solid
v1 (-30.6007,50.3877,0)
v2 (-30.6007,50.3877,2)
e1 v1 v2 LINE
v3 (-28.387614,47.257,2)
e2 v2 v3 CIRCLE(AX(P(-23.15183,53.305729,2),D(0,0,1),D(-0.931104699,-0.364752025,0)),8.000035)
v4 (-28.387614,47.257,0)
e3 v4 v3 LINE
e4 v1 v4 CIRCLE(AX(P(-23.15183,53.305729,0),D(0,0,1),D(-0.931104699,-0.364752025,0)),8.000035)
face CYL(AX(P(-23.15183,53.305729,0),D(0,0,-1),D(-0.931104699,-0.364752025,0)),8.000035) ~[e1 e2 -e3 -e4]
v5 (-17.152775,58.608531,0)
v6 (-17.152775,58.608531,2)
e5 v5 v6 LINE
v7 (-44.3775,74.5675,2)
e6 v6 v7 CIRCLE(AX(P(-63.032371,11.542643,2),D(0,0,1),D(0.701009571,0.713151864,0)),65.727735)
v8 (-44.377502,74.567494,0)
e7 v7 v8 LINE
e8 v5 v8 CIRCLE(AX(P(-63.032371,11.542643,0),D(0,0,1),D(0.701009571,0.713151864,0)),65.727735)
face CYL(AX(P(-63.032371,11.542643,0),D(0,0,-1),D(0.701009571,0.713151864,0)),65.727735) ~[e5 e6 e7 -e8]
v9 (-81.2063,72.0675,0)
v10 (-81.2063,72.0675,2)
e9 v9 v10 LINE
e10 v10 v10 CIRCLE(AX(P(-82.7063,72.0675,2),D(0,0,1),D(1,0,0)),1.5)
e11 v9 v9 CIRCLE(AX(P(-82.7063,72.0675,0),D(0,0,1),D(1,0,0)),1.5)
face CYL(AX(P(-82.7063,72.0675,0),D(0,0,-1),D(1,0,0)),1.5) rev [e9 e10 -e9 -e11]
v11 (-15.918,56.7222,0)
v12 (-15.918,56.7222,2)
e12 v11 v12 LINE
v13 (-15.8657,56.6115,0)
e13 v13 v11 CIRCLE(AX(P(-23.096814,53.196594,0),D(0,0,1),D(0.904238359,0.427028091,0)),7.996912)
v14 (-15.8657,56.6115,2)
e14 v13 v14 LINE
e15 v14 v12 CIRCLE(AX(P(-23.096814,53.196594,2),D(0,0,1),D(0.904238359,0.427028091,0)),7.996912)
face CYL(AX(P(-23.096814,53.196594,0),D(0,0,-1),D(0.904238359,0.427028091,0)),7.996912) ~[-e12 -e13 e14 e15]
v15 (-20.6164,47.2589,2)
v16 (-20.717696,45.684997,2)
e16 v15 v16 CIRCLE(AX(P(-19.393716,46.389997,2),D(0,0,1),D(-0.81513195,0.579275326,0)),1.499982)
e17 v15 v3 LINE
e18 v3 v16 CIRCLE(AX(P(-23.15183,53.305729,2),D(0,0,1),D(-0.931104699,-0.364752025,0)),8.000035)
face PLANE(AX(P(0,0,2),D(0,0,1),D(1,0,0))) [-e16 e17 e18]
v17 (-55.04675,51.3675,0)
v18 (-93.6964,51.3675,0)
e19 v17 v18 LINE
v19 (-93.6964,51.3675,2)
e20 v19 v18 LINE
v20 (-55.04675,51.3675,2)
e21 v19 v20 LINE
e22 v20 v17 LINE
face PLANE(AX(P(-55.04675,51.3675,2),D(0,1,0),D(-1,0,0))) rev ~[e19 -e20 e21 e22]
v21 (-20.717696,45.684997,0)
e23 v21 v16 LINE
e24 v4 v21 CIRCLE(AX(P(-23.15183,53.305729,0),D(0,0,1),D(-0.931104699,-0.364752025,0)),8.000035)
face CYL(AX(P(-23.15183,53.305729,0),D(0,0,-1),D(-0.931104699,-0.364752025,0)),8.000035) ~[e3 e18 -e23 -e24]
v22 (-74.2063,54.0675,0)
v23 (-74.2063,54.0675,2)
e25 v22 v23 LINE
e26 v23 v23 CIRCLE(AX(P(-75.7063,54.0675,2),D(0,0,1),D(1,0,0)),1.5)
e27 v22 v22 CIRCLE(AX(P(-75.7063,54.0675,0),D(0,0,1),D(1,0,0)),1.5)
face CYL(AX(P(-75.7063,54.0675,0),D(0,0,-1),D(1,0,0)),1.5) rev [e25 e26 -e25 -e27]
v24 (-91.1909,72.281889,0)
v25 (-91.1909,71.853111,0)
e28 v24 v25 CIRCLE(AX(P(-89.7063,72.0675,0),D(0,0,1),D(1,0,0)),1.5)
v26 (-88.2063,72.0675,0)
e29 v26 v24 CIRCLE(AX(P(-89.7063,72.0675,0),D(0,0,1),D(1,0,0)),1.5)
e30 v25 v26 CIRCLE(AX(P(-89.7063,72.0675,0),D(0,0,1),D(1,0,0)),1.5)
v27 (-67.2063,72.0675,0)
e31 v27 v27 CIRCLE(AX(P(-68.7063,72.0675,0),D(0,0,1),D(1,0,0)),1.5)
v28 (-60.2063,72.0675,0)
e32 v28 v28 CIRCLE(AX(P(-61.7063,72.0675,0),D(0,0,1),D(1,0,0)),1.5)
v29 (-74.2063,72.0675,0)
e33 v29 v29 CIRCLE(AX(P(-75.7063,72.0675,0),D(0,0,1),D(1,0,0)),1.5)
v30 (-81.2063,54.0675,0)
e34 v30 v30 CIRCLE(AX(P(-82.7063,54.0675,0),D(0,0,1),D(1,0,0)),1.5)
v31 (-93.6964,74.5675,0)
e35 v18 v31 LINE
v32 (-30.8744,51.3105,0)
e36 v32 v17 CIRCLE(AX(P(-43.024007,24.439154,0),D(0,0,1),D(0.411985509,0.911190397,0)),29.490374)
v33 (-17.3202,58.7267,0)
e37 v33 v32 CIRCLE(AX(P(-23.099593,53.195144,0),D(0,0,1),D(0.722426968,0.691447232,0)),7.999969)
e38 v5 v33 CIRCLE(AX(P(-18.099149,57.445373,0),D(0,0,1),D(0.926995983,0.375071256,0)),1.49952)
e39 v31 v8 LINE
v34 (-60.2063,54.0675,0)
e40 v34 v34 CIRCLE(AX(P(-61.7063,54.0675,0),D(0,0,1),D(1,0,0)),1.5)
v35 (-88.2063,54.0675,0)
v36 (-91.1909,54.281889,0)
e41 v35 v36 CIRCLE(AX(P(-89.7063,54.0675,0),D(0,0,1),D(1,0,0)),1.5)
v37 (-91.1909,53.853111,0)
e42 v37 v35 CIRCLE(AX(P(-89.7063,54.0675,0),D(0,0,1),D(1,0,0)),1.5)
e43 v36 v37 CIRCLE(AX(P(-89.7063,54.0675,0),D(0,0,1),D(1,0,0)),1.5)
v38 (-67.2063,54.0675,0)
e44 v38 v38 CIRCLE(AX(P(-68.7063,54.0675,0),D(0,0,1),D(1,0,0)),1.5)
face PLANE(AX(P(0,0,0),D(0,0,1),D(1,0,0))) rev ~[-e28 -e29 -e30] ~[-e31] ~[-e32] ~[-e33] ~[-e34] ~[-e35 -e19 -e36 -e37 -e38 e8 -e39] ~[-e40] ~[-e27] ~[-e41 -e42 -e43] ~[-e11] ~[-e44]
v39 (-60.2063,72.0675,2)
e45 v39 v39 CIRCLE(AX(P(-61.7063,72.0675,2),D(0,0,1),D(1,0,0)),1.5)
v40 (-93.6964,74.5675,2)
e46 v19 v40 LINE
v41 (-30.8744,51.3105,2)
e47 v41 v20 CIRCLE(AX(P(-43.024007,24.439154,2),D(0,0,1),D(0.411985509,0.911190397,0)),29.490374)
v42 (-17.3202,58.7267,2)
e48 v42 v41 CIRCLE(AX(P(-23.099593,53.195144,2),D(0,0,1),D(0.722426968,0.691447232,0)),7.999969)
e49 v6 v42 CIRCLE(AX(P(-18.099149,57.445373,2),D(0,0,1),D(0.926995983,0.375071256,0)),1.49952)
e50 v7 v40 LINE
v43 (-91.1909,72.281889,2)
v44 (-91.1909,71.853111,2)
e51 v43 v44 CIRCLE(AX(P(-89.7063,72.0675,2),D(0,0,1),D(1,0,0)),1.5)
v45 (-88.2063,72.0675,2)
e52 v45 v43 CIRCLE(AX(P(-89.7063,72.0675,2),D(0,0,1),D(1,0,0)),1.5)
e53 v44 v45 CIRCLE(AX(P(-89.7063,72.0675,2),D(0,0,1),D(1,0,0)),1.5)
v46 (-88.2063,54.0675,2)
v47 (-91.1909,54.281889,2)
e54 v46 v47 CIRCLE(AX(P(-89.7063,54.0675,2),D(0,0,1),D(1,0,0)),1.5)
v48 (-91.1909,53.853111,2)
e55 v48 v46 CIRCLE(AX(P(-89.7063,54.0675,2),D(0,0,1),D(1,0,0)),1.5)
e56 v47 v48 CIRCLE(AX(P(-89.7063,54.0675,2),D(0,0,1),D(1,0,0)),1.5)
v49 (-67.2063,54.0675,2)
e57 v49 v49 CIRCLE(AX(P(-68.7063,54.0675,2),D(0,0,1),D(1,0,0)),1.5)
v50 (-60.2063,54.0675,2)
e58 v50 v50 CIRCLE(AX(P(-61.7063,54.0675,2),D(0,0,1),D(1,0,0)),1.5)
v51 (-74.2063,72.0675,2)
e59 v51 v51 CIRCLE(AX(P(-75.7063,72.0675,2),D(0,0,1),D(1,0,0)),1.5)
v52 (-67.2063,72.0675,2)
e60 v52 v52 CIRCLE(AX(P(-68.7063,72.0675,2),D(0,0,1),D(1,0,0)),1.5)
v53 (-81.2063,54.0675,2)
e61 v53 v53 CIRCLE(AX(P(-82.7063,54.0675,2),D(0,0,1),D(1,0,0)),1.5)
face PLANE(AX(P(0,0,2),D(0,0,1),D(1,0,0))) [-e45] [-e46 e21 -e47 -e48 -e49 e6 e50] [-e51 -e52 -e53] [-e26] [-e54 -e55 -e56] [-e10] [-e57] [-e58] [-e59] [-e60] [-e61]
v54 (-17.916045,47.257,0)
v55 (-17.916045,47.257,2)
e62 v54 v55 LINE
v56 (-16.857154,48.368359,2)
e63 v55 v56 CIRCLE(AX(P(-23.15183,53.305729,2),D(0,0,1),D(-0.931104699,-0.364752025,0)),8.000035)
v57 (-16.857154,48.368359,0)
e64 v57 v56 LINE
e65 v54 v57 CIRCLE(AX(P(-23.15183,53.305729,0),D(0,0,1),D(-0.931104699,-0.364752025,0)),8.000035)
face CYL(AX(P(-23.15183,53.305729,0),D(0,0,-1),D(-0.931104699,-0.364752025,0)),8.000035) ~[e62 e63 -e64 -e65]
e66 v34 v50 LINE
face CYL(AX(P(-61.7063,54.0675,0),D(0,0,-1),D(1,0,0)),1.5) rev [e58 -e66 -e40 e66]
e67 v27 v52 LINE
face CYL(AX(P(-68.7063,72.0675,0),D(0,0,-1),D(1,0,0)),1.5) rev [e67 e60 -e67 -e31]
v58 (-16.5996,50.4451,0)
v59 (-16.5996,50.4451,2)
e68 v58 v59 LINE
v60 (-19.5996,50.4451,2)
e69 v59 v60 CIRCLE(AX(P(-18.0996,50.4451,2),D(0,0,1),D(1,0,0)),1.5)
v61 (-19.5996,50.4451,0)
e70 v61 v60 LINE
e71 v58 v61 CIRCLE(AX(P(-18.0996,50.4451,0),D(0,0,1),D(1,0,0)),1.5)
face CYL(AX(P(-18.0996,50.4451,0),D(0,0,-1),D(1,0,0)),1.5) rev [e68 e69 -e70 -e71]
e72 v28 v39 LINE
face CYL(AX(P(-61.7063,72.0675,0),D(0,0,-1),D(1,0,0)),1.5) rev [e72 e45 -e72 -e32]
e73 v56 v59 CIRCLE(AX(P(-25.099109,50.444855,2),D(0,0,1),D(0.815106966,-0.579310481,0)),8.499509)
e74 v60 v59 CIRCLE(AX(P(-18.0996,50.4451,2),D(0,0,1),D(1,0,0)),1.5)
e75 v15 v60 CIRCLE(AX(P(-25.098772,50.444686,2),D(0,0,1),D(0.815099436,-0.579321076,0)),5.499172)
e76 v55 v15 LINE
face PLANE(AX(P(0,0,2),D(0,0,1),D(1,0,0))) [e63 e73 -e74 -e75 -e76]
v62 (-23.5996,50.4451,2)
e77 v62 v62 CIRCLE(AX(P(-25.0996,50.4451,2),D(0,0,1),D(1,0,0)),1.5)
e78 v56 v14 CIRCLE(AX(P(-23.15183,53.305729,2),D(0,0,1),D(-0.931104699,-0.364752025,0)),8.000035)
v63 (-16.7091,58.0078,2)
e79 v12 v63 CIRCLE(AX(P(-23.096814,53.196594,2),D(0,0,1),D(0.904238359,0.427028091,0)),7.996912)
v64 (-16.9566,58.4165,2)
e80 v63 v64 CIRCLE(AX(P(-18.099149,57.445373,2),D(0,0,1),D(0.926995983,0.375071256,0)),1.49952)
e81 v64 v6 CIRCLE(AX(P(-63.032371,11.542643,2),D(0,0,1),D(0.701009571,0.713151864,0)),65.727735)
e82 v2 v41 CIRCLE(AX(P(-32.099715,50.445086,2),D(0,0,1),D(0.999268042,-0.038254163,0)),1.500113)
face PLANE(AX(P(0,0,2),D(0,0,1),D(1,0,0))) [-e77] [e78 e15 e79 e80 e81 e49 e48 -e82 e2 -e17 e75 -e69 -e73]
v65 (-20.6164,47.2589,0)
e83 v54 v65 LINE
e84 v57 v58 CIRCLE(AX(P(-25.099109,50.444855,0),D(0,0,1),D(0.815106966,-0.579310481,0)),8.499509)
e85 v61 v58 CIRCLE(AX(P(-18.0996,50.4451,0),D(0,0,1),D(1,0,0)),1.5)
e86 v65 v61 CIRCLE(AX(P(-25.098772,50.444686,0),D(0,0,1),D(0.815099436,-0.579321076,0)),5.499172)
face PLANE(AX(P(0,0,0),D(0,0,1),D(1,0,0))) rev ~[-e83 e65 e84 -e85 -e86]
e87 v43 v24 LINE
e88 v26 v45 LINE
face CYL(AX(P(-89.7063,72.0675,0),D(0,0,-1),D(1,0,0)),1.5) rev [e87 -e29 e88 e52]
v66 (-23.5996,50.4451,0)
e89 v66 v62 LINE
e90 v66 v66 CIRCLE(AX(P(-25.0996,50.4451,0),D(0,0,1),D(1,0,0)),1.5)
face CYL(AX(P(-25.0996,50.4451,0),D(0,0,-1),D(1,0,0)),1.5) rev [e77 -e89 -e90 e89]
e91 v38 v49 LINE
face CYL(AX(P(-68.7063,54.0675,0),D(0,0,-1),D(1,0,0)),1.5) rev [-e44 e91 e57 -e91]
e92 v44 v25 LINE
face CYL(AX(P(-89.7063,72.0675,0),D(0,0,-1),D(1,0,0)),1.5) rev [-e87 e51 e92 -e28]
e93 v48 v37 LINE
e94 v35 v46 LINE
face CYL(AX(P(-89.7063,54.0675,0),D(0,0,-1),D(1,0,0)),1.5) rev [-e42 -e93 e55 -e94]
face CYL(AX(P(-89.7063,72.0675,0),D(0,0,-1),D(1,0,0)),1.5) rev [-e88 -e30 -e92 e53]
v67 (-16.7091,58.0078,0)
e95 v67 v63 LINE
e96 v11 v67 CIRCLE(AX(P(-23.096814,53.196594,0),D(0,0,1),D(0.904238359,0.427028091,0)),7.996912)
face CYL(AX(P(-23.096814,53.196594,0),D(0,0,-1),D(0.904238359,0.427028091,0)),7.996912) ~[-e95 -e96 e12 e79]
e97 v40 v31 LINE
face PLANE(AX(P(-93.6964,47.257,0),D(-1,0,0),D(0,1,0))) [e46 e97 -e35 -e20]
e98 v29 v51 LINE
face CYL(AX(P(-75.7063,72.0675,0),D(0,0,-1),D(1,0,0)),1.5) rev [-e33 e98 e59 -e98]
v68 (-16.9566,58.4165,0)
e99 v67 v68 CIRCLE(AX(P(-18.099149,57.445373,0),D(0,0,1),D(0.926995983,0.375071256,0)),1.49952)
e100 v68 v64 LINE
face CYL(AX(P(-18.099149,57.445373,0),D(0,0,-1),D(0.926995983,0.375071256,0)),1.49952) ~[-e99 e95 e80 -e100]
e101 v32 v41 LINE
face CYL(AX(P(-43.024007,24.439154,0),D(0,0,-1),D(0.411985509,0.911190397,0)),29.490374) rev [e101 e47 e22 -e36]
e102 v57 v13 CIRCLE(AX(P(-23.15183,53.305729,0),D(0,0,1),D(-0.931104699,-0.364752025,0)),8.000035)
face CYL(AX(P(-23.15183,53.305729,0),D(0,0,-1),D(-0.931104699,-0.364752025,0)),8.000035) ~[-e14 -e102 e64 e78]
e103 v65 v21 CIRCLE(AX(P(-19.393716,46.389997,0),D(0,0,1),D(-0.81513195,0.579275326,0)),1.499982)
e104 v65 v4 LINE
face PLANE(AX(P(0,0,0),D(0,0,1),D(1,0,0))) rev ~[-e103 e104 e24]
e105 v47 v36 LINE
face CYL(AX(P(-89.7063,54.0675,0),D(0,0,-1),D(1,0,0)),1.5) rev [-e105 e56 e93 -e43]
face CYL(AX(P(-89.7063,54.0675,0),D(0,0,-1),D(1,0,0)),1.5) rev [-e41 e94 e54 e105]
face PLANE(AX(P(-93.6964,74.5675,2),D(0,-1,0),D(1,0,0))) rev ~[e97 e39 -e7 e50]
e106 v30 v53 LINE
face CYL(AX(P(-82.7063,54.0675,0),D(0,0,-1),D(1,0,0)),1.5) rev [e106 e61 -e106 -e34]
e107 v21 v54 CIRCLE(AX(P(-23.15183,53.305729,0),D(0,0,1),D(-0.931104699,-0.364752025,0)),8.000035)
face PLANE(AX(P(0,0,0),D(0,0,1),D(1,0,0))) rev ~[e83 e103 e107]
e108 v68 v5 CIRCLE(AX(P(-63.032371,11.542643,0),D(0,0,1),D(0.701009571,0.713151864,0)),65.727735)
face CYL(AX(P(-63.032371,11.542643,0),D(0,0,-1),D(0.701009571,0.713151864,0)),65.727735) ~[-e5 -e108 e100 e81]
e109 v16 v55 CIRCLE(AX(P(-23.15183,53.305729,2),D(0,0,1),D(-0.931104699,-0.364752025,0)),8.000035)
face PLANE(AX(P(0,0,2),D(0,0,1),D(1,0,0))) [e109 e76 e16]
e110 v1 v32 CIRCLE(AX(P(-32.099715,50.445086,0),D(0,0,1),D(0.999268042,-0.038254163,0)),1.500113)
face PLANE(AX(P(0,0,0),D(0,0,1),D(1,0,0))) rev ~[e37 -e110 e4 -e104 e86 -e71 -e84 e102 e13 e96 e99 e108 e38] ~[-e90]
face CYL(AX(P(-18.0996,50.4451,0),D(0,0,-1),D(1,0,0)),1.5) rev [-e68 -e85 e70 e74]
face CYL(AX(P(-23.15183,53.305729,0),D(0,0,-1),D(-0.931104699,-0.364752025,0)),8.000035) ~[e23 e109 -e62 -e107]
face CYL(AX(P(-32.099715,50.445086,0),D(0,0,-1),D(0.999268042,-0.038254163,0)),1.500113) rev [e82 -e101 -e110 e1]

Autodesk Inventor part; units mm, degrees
ref_plane "YZ Plane" through (0, 0, 0) normal (1, 0, 0) x (0, 1, 0)
ref_plane "XZ Plane" through (0, 0, 0) normal (0, 1, 0) x (-1, 0, 0)
ref_plane "XY Plane" through (0, 0, 0) normal (0, 0, 1) x (1, 0, 0)
ref_plane "РабПлоскость1" through (0, 0, 0) normal (0, 0, 1) x (1, 0, 0)
sketch "Эскиз1" plane through (0, 0, 0) normal (0, 0, 1) x (1, 0, 0)
  line L0 (-3.6964, 47.257) -> (-93.6964, 47.257)
  line L1 (-93.6964, 47.257) -> (-93.6964, 77.257)
  line L2 (-93.6964, 77.257) -> (-3.6964, 77.257)
  line L3 (-3.6964, 77.257) -> (-3.6964, 47.257)
  circle A0 centre (-25.0996, 50.4451) radius 1.5 projected
  circle A1 centre (-61.7063, 54.0675) radius 1.5
  circle A2 centre (-68.7063, 54.0675) radius 1.5
  circle A3 centre (-75.7063, 54.0675) radius 1.5
  circle A4 centre (-82.7063, 54.0675) radius 1.5
  circle A5 centre (-89.7063, 54.0675) radius 1.5
  circle A6 centre (-61.7063, 72.0675) radius 1.5
  circle A7 centre (-68.7063, 72.0675) radius 1.5
  circle A8 centre (-75.7063, 72.0675) radius 1.5
  circle A9 centre (-82.7063, 72.0675) radius 1.5
  circle A10 centre (-89.7063, 72.0675) radius 1.5
  circle A11 centre (-5.0903, 22.9004) radius 1.5 projected
  circle A12 centre (-13.6314, 40.9849) radius 1.5 projected
  circle A13 centre (-0.8198, 13.8581) radius 1.5 projected
  circle A14 centre (3.4507, 4.8159) radius 1.5 projected
  circle A15 centre (11.9918, -13.2686) radius 1.5 projected
  circle A16 centre (-9.3609, 31.9427) radius 1.5 projected
  circle A17 centre (16.2623, -22.3109) radius 1.5 projected
  circle A18 centre (-9.4594, 1.6491) radius 1.5 projected
  circle A19 centre (-3.3563, -17.3969) radius 1.5 projected
  circle A20 centre (-18.6141, 30.2182) radius 1.5 projected
  circle A21 centre (-12.511, 11.1722) radius 1.5 projected
  circle A22 centre (-15.5626, 20.6952) radius 1.5 projected
  circle A23 centre (-21.6657, 39.7412) radius 1.5 projected
  circle A24 centre (-6.4079, -7.8739) radius 1.5 projected
  circle A25 centre (-0.3048, -26.9199) radius 1.5 projected
  arc A26 (1.815, -50.7724) -> (29.663, -39.7893) centre (16.0996, -46.1951) ccw projected
  line L4 (29.663, -39.7893) -> (-15.8657, 56.6115) projected
  arc A27 (-15.8657, 56.6115) -> (-16.7091, 58.0078) centre (-23.0996, 53.1951) ccw projected
  arc A28 (-16.7091, 58.0078) -> (-17.3202, 58.7267) centre (-18.0996, 57.4451) ccw projected
  arc A29 (-17.3202, 58.7267) -> (-30.8744, 51.3105) centre (-23.0996, 53.1951) ccw projected
  arc A30 (-30.6007, 50.3877) -> (-30.8744, 51.3105) centre (-32.0996, 50.4451) ccw projected
  line L5 (-30.6007, 50.3877) -> (1.815, -50.7724) projected
  circle A31 centre (25.6634, -44.4774) radius 1.5 projected
  circle A32 centre (5.6634, -44.4774) radius 1.5 projected
  circle A33 centre (-25.0996, 50.4451) radius 1.5 projected
  arc A34 (-16.9566, 58.4165) -> (-61.7063, 77.257) centre (-63.0326, 11.5423) ccw
  arc A35 (-30.8744, 51.3105) -> (-61.7063, 47.257) centre (-43.024, 24.4392) ccw
  arc A36 (-30.6007, 50.3877) -> (-15.918, 56.7222) centre (-23.1518, 53.3058) ccw
  arc A37 (-16.5996, 50.4451) -> (-19.5996, 50.4451) centre (-18.0996, 50.4451) ccw projected
  arc A38 (-18.1711, 45.521) -> (-16.5996, 50.4451) centre (-25.0996, 50.4451) ccw projected
  arc A39 (-20.6164, 47.2589) -> (-18.1711, 45.521) centre (-19.3937, 46.39) ccw projected
  arc A40 (-20.6164, 47.2589) -> (-19.5996, 50.4451) centre (-25.0996, 50.4451) ccw projected
  arc A41 (-16.5996, 50.4451) -> (-19.5996, 50.4451) centre (-18.0996, 50.4451) ccw projected
  arc A42 (6.296, -11.0397) -> (4.5608, -0.7256) centre (-6.4079, -7.8739) ccw projected
  arc A43 (7.0742, 0.9124) -> (4.5608, -0.7256) centre (5.8175, 0.0934) ccw projected
  arc A44 (9.207, -11.7651) -> (7.0742, 0.9124) centre (-6.4079, -7.8739) ccw projected
  arc A45 (6.296, -11.0397) -> (9.207, -11.7651) centre (7.7515, -11.4024) ccw projected
  circle A46 centre (-18.0996, 50.4451) radius 1.5
  point P0 (0, 0)
  point P1 (-15.8921, 56.6667)
  point P2 (-19.5996, 50.4451)
  dimension "d0" = 90
  dimension "d1" = 30
  dimension "d2" = 3
  dimension "d5" = 7
  dimension "d8" = 18
extrude "Выдавливание1" add sketch "Эскиз1" along normal blind 2 contours L0 L1 L2 A34 A28 A29 A35 | A29 A28 A34 A27 A36 A38 A37 A40 L0 A30 | L0 A39 A36 | A40 A46 A38 A36 L0 | L0 A36 A39
sketch "Эскиз2" plane through (0, 0, 2) normal (0, 0, 1) x (1, 0, 0)
  line L0 (-83.9909, 70.7175) -> (-91.1909, 70.7175) projected
  line L1 (-91.1909, 70.7175) -> (-91.1909, 74.5675) projected
  line L2 (-91.1909, 74.5675) -> (-50.1909, 74.5675) projected
  line L3 (-50.1909, 74.5675) -> (-50.1909, 72.0675) projected
  line L4 (-50.1909, 72.0675) -> (-58.3909, 72.0675) projected
  line L5 (-58.3909, 72.0675) -> (-58.3909, 54.0675) projected
  line L6 (-58.3909, 54.0675) -> (-50.1909, 54.0675) projected
  line L7 (-50.1909, 54.0675) -> (-50.1909, 51.3675) projected
  line L8 (-50.1909, 51.3675) -> (-91.1909, 51.3675) projected
  line L9 (-91.1909, 51.3675) -> (-91.1909, 55.2175) projected
  line L10 (-91.1909, 55.2175) -> (-83.9909, 55.2175) projected
  line L11 (-83.9909, 55.2175) -> (-83.9909, 70.7175) projected
  circle A0 centre (-82.7063, 72.0675) radius 1.5 projected
  circle A1 centre (-61.7063, 54.0675) radius 1.5 projected
  circle A2 centre (-61.7063, 72.0675) radius 1.5 projected
  circle A3 centre (-82.7063, 54.0675) radius 1.5 projected
  arc A4 (-15.8921, 56.6667) -> (-16.7091, 58.0078) centre (-23.0996, 53.1951) ccw projected
  arc A5 (-16.7091, 58.0078) -> (-16.9566, 58.4165) centre (-18.0996, 57.4451) ccw projected
  arc A6 (-16.9566, 58.4165) -> (-61.7063, 77.257) centre (-63.0326, 11.5423) ccw projected
  line L12 (-61.7063, 77.257) -> (-93.6964, 77.257) projected
  line L13 (-93.6964, 77.257) -> (-93.6964, 47.257) projected
  line L14 (-93.6964, 47.257) -> (-61.7063, 47.257) projected
  arc A7 (-30.8744, 51.3105) -> (-61.7063, 47.257) centre (-43.024, 24.4392) ccw projected
  arc A8 (-30.6007, 50.3877) -> (-30.8744, 51.3105) centre (-32.0996, 50.4451) ccw projected
  arc A9 (-30.6007, 50.3877) -> (-15.8921, 56.6667) centre (-23.1518, 53.3058) ccw projected
  circle A10 centre (-61.7063, 54.0675) radius 1.5 projected
  circle A11 centre (-61.7063, 72.0675) radius 1.5 projected
  circle A12 centre (-82.7063, 72.0675) radius 1.5 projected
  circle A13 centre (-68.7063, 72.0675) radius 1.5 projected
  circle A14 centre (-68.7063, 54.0675) radius 1.5 projected
  circle A15 centre (-75.7063, 54.0675) radius 1.5 projected
  circle A16 centre (-82.7063, 54.0675) radius 1.5 projected
  circle A17 centre (-89.7063, 54.0675) radius 1.5 projected
  circle A18 centre (-75.7063, 72.0675) radius 1.5 projected
  circle A19 centre (-89.7063, 72.0675) radius 1.5 projected
  circle A20 centre (-25.0996, 50.4451) radius 1.5 projected
  line L15 (-93.6964, 77.257) -> (-93.6964, 47.257) projected
  line L16 (-91.1909, 51.3675) -> (-93.6964, 51.3675)
  line L17 (-93.6964, 51.3675) -> (-93.6964, 74.5675)
  line L18 (-93.6964, 74.5675) -> (-91.1909, 74.5675)
  line L19 (-91.1909, 74.5675) -> (-91.1909, 51.3675)
  line L20 (-50.1909, 74.5675) -> (-44.3775, 74.5675)
  point P0 (0, 0)
  point P1 (-91.1909, 54.2816)
  point P2 (-91.1909, 53.8534)
  point P3 (-91.1909, 72.2816)
  point P4 (-91.1909, 71.8534)
  point P5 (-55.0469, 51.3675)
extrude "Выдавливание2" cut sketch "Эскиз2" against normal blind 3 contours A19 L1 | L18 L13 L12 A6 L20 L2 | L9 A17 | L8 A7 L14 L13 L16
properties part number "ЛЦМК000002.00.00.00.00.20 Платформа экрана"
